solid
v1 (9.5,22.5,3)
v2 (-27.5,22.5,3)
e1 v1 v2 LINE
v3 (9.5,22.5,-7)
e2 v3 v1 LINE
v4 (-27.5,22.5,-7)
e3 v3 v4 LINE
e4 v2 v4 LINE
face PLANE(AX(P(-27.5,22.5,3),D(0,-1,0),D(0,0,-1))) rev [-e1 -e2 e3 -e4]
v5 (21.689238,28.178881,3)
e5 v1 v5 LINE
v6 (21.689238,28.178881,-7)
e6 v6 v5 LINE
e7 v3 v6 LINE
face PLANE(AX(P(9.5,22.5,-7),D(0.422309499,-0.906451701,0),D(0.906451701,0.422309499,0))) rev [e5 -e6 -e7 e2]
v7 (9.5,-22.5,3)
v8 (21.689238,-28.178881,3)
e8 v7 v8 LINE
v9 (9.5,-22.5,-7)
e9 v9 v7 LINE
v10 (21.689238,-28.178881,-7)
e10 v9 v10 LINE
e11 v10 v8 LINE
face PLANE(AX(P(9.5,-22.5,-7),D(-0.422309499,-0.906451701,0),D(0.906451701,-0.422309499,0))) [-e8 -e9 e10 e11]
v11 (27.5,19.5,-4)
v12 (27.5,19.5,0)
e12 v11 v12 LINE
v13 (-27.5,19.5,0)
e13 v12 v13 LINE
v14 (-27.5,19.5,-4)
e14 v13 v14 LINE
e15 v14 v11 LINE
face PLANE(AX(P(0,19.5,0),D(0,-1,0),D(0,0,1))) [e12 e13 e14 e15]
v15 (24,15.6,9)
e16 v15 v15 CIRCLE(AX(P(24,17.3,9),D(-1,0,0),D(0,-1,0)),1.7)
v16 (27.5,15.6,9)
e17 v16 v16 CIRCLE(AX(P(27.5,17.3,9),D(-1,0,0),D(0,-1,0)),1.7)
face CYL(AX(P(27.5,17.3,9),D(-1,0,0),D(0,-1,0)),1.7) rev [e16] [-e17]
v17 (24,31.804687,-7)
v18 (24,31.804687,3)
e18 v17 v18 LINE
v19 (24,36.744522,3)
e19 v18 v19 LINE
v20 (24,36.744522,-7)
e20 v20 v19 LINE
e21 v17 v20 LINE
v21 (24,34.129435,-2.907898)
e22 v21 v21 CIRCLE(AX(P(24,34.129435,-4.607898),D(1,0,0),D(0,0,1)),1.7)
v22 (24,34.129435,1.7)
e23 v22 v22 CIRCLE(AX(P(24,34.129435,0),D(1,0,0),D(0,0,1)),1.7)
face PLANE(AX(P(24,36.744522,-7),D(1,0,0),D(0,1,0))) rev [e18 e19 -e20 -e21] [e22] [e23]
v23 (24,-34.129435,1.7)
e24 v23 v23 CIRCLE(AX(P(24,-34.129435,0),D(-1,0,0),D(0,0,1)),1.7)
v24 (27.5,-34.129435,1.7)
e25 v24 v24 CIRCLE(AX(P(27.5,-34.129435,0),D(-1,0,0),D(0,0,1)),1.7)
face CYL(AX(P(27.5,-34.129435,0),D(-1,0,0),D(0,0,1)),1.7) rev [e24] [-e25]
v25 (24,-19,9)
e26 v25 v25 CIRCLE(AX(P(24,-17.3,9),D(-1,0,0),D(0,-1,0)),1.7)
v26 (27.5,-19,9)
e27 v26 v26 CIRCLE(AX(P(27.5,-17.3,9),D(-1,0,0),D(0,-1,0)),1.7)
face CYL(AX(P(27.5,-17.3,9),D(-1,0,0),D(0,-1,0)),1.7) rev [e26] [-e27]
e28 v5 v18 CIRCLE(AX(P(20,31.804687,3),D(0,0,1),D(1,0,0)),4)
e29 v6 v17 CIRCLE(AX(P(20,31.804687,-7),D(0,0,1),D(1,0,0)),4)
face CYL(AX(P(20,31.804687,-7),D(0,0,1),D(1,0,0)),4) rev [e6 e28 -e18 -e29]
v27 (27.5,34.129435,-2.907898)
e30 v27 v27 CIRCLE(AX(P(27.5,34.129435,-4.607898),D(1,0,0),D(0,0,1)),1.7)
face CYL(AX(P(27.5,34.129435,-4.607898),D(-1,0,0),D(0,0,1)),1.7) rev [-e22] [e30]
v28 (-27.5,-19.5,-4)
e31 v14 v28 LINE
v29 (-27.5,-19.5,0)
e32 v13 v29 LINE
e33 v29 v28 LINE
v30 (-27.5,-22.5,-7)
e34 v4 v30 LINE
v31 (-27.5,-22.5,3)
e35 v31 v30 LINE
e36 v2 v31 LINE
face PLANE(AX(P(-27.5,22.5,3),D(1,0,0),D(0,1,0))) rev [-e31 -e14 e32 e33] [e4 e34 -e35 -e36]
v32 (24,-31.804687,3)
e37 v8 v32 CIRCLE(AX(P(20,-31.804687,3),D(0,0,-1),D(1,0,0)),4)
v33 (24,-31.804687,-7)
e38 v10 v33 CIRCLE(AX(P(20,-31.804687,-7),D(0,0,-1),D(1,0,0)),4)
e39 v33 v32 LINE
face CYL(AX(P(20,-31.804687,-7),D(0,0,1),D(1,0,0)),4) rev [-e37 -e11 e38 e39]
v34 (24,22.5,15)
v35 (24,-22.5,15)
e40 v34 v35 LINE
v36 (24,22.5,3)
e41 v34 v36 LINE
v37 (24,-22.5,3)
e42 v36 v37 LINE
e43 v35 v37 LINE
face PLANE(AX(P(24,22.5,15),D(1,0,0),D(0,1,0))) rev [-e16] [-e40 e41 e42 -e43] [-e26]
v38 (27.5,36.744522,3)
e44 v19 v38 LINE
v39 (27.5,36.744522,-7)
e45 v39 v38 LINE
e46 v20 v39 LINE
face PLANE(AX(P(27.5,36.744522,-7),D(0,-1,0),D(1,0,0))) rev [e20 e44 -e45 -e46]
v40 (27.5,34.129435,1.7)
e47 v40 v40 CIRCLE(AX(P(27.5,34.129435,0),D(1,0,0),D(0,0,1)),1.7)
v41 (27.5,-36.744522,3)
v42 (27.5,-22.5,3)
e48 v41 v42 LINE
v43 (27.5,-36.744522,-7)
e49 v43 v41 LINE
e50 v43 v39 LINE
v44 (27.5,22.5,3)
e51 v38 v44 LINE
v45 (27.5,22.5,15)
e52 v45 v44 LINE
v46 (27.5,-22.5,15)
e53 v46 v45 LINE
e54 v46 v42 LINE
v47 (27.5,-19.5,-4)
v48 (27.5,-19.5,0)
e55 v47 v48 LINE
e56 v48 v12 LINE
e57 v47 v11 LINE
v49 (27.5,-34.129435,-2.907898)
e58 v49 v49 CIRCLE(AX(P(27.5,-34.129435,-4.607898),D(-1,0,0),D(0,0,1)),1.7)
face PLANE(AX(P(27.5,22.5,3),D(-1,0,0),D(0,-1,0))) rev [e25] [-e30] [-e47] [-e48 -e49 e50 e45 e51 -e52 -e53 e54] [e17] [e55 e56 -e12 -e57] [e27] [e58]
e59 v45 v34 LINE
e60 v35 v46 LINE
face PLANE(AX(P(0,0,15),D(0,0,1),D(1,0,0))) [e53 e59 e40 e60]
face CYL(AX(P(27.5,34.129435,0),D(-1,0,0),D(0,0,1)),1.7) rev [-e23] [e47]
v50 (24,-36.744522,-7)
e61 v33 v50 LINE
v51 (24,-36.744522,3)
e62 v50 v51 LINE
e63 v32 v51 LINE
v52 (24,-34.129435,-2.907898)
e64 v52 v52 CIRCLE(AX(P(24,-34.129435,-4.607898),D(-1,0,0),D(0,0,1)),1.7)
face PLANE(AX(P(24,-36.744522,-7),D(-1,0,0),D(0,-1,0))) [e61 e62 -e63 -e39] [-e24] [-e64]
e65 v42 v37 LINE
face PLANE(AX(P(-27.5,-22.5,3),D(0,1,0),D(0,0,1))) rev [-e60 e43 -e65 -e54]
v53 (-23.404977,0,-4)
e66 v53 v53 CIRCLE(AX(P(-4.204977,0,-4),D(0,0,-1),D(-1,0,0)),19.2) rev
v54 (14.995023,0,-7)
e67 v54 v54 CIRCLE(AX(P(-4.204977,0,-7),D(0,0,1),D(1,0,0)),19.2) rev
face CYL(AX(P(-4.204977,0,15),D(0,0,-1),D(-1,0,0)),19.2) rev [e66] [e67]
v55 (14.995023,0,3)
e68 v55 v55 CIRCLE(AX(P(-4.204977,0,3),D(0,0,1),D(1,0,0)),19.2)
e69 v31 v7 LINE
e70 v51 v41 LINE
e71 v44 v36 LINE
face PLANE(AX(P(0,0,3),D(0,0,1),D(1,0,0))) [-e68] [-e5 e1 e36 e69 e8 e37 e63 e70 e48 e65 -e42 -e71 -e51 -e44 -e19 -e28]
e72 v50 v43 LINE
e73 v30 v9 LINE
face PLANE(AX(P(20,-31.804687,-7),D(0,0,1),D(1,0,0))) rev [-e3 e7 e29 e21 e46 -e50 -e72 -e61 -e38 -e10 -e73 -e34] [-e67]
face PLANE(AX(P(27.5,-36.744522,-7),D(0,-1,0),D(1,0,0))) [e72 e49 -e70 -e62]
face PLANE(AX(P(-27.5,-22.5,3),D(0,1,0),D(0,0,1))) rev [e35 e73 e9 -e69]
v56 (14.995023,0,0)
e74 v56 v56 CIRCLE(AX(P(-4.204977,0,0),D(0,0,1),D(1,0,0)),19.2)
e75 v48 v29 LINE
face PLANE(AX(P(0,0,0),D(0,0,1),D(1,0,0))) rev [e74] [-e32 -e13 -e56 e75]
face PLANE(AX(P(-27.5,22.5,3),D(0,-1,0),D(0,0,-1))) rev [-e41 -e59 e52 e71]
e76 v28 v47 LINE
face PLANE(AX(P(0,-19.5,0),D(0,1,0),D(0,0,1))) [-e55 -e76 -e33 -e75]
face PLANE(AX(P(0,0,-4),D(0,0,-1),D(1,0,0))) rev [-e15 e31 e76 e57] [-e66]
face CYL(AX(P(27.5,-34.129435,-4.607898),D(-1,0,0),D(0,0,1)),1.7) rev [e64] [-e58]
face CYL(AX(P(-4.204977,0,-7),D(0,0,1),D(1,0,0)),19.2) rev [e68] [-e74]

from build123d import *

# Parameters (mm, degrees)
SKETCH_1_W          = 55
SKETCH_1_H          = 45
EXTRUDE_1_DEPTH     = 3
SKETCH_2_W          = 3.5
SKETCH_2_H          = 45
EXTRUDE_2_DEPTH     = 12
SKETCH_3_R          = 1.7
CUT_EXTRUDE_1_DEPTH = 59.167860542
EXTRUDE_START       = -7
EXTRUDE_3_DEPTH     = 10
SKETCH_6_R          = 1.7
CUT_EXTRUDE_2_DEPTH = 66.018535195
SKETCH_7_R          = 19.2
CUT_EXTRUDE_3_DEPTH = 48.438485631
SKETCH_10_W         = 55
SKETCH_10_H         = 4
EXTRUDE_9_DEPTH     = 3


with BuildPart() as part:
    # 草图1 → 凸台-拉伸1 (new body)
    with BuildSketch(Plane.XY):
        Rectangle(SKETCH_1_W, SKETCH_1_H)
    extrude_1 = extrude(amount=EXTRUDE_1_DEPTH)

    # 草图2 → 凸台-拉伸2 (add)
    with BuildSketch(Plane.XY.offset(3)):
        with Locations((25.75, 0)):
            Rectangle(SKETCH_2_W, SKETCH_2_H)
    extrude(amount=EXTRUDE_2_DEPTH)

    # 草图3 → 切除-拉伸1 (cut, through all)
    with BuildSketch(Plane.ZY.offset(-24)):
        with Locations(Location((9, -17.3, 0), (0, 0, 270))):
            Circle(SKETCH_3_R)
        with Locations(Location((9, 17.3, 0), (0, 0, 270))):
            Circle(SKETCH_3_R)
    extrude(amount=-CUT_EXTRUDE_1_DEPTH, mode=Mode.SUBTRACT)

    # 草图5 → 凸台-拉伸3 (add)
    with BuildSketch(Plane.XY.offset(EXTRUDE_START)):
        with BuildLine():
            Line((27.5, -22.5), (9.5, -22.5))
            Line((9.5, -22.5), (21.689237996, -28.178880611))
            ThreePointArc((21.689237996, -28.178880611), (23.373199667, -29.654914404), (24, -31.804687417))
            Line((24, -31.804687417), (24, -36.744522299))
            Line((24, -36.744522299), (27.5, -36.744522299))
            Line((27.5, -36.744522299), (27.5, -22.5))
        make_face()
    extrude_3 = extrude(amount=EXTRUDE_3_DEPTH)

    # 草图6 → 切除-拉伸2 (cut, through all)
    with BuildSketch(Plane.ZY.offset(-24)):
        with Locations((0, -34.129434576)):
            Circle(SKETCH_6_R)
        with Locations((-4.607898424, -34.129434576)):
            Circle(SKETCH_6_R)
    cut_extrude_2 = extrude(amount=-CUT_EXTRUDE_2_DEPTH, mode=Mode.SUBTRACT)

    # 镜向3: 凸台-拉伸3, 切除-拉伸2 across plane
    add(extrude_3.mirror(Plane.ZX))
    add(cut_extrude_2.mirror(Plane.ZX), mode=Mode.SUBTRACT)

    # 草图7 → 切除-拉伸3 (cut, symmetric)
    with BuildSketch(Plane.XY.offset(3)):
        with Locations((-4.204977357, 0)):
            Circle(SKETCH_7_R)
    cut_extrude_3 = extrude(amount=CUT_EXTRUDE_3_DEPTH, both=True, mode=Mode.SUBTRACT)

    # 镜向6: 凸台-拉伸1, 切除-拉伸3 across plane
    add(extrude_1.mirror(Plane.XY.offset(-2)))
    add(cut_extrude_3.mirror(Plane.XY.offset(-2)), mode=Mode.SUBTRACT)

    # 草图10 → 凸台-拉伸9 (add)
    with BuildSketch(Plane(origin=(0, -22.5, 0), x_dir=(-1, 0, 0), z_dir=(0, -1, 0))):
        with Locations((0, 2)):
            Rectangle(SKETCH_10_W, SKETCH_10_H)
    extrude_9 = extrude(amount=-EXTRUDE_9_DEPTH)

    # 镜向7: 凸台-拉伸9 across plane
    add(extrude_9.mirror(Plane.ZX))


solid = part.part
